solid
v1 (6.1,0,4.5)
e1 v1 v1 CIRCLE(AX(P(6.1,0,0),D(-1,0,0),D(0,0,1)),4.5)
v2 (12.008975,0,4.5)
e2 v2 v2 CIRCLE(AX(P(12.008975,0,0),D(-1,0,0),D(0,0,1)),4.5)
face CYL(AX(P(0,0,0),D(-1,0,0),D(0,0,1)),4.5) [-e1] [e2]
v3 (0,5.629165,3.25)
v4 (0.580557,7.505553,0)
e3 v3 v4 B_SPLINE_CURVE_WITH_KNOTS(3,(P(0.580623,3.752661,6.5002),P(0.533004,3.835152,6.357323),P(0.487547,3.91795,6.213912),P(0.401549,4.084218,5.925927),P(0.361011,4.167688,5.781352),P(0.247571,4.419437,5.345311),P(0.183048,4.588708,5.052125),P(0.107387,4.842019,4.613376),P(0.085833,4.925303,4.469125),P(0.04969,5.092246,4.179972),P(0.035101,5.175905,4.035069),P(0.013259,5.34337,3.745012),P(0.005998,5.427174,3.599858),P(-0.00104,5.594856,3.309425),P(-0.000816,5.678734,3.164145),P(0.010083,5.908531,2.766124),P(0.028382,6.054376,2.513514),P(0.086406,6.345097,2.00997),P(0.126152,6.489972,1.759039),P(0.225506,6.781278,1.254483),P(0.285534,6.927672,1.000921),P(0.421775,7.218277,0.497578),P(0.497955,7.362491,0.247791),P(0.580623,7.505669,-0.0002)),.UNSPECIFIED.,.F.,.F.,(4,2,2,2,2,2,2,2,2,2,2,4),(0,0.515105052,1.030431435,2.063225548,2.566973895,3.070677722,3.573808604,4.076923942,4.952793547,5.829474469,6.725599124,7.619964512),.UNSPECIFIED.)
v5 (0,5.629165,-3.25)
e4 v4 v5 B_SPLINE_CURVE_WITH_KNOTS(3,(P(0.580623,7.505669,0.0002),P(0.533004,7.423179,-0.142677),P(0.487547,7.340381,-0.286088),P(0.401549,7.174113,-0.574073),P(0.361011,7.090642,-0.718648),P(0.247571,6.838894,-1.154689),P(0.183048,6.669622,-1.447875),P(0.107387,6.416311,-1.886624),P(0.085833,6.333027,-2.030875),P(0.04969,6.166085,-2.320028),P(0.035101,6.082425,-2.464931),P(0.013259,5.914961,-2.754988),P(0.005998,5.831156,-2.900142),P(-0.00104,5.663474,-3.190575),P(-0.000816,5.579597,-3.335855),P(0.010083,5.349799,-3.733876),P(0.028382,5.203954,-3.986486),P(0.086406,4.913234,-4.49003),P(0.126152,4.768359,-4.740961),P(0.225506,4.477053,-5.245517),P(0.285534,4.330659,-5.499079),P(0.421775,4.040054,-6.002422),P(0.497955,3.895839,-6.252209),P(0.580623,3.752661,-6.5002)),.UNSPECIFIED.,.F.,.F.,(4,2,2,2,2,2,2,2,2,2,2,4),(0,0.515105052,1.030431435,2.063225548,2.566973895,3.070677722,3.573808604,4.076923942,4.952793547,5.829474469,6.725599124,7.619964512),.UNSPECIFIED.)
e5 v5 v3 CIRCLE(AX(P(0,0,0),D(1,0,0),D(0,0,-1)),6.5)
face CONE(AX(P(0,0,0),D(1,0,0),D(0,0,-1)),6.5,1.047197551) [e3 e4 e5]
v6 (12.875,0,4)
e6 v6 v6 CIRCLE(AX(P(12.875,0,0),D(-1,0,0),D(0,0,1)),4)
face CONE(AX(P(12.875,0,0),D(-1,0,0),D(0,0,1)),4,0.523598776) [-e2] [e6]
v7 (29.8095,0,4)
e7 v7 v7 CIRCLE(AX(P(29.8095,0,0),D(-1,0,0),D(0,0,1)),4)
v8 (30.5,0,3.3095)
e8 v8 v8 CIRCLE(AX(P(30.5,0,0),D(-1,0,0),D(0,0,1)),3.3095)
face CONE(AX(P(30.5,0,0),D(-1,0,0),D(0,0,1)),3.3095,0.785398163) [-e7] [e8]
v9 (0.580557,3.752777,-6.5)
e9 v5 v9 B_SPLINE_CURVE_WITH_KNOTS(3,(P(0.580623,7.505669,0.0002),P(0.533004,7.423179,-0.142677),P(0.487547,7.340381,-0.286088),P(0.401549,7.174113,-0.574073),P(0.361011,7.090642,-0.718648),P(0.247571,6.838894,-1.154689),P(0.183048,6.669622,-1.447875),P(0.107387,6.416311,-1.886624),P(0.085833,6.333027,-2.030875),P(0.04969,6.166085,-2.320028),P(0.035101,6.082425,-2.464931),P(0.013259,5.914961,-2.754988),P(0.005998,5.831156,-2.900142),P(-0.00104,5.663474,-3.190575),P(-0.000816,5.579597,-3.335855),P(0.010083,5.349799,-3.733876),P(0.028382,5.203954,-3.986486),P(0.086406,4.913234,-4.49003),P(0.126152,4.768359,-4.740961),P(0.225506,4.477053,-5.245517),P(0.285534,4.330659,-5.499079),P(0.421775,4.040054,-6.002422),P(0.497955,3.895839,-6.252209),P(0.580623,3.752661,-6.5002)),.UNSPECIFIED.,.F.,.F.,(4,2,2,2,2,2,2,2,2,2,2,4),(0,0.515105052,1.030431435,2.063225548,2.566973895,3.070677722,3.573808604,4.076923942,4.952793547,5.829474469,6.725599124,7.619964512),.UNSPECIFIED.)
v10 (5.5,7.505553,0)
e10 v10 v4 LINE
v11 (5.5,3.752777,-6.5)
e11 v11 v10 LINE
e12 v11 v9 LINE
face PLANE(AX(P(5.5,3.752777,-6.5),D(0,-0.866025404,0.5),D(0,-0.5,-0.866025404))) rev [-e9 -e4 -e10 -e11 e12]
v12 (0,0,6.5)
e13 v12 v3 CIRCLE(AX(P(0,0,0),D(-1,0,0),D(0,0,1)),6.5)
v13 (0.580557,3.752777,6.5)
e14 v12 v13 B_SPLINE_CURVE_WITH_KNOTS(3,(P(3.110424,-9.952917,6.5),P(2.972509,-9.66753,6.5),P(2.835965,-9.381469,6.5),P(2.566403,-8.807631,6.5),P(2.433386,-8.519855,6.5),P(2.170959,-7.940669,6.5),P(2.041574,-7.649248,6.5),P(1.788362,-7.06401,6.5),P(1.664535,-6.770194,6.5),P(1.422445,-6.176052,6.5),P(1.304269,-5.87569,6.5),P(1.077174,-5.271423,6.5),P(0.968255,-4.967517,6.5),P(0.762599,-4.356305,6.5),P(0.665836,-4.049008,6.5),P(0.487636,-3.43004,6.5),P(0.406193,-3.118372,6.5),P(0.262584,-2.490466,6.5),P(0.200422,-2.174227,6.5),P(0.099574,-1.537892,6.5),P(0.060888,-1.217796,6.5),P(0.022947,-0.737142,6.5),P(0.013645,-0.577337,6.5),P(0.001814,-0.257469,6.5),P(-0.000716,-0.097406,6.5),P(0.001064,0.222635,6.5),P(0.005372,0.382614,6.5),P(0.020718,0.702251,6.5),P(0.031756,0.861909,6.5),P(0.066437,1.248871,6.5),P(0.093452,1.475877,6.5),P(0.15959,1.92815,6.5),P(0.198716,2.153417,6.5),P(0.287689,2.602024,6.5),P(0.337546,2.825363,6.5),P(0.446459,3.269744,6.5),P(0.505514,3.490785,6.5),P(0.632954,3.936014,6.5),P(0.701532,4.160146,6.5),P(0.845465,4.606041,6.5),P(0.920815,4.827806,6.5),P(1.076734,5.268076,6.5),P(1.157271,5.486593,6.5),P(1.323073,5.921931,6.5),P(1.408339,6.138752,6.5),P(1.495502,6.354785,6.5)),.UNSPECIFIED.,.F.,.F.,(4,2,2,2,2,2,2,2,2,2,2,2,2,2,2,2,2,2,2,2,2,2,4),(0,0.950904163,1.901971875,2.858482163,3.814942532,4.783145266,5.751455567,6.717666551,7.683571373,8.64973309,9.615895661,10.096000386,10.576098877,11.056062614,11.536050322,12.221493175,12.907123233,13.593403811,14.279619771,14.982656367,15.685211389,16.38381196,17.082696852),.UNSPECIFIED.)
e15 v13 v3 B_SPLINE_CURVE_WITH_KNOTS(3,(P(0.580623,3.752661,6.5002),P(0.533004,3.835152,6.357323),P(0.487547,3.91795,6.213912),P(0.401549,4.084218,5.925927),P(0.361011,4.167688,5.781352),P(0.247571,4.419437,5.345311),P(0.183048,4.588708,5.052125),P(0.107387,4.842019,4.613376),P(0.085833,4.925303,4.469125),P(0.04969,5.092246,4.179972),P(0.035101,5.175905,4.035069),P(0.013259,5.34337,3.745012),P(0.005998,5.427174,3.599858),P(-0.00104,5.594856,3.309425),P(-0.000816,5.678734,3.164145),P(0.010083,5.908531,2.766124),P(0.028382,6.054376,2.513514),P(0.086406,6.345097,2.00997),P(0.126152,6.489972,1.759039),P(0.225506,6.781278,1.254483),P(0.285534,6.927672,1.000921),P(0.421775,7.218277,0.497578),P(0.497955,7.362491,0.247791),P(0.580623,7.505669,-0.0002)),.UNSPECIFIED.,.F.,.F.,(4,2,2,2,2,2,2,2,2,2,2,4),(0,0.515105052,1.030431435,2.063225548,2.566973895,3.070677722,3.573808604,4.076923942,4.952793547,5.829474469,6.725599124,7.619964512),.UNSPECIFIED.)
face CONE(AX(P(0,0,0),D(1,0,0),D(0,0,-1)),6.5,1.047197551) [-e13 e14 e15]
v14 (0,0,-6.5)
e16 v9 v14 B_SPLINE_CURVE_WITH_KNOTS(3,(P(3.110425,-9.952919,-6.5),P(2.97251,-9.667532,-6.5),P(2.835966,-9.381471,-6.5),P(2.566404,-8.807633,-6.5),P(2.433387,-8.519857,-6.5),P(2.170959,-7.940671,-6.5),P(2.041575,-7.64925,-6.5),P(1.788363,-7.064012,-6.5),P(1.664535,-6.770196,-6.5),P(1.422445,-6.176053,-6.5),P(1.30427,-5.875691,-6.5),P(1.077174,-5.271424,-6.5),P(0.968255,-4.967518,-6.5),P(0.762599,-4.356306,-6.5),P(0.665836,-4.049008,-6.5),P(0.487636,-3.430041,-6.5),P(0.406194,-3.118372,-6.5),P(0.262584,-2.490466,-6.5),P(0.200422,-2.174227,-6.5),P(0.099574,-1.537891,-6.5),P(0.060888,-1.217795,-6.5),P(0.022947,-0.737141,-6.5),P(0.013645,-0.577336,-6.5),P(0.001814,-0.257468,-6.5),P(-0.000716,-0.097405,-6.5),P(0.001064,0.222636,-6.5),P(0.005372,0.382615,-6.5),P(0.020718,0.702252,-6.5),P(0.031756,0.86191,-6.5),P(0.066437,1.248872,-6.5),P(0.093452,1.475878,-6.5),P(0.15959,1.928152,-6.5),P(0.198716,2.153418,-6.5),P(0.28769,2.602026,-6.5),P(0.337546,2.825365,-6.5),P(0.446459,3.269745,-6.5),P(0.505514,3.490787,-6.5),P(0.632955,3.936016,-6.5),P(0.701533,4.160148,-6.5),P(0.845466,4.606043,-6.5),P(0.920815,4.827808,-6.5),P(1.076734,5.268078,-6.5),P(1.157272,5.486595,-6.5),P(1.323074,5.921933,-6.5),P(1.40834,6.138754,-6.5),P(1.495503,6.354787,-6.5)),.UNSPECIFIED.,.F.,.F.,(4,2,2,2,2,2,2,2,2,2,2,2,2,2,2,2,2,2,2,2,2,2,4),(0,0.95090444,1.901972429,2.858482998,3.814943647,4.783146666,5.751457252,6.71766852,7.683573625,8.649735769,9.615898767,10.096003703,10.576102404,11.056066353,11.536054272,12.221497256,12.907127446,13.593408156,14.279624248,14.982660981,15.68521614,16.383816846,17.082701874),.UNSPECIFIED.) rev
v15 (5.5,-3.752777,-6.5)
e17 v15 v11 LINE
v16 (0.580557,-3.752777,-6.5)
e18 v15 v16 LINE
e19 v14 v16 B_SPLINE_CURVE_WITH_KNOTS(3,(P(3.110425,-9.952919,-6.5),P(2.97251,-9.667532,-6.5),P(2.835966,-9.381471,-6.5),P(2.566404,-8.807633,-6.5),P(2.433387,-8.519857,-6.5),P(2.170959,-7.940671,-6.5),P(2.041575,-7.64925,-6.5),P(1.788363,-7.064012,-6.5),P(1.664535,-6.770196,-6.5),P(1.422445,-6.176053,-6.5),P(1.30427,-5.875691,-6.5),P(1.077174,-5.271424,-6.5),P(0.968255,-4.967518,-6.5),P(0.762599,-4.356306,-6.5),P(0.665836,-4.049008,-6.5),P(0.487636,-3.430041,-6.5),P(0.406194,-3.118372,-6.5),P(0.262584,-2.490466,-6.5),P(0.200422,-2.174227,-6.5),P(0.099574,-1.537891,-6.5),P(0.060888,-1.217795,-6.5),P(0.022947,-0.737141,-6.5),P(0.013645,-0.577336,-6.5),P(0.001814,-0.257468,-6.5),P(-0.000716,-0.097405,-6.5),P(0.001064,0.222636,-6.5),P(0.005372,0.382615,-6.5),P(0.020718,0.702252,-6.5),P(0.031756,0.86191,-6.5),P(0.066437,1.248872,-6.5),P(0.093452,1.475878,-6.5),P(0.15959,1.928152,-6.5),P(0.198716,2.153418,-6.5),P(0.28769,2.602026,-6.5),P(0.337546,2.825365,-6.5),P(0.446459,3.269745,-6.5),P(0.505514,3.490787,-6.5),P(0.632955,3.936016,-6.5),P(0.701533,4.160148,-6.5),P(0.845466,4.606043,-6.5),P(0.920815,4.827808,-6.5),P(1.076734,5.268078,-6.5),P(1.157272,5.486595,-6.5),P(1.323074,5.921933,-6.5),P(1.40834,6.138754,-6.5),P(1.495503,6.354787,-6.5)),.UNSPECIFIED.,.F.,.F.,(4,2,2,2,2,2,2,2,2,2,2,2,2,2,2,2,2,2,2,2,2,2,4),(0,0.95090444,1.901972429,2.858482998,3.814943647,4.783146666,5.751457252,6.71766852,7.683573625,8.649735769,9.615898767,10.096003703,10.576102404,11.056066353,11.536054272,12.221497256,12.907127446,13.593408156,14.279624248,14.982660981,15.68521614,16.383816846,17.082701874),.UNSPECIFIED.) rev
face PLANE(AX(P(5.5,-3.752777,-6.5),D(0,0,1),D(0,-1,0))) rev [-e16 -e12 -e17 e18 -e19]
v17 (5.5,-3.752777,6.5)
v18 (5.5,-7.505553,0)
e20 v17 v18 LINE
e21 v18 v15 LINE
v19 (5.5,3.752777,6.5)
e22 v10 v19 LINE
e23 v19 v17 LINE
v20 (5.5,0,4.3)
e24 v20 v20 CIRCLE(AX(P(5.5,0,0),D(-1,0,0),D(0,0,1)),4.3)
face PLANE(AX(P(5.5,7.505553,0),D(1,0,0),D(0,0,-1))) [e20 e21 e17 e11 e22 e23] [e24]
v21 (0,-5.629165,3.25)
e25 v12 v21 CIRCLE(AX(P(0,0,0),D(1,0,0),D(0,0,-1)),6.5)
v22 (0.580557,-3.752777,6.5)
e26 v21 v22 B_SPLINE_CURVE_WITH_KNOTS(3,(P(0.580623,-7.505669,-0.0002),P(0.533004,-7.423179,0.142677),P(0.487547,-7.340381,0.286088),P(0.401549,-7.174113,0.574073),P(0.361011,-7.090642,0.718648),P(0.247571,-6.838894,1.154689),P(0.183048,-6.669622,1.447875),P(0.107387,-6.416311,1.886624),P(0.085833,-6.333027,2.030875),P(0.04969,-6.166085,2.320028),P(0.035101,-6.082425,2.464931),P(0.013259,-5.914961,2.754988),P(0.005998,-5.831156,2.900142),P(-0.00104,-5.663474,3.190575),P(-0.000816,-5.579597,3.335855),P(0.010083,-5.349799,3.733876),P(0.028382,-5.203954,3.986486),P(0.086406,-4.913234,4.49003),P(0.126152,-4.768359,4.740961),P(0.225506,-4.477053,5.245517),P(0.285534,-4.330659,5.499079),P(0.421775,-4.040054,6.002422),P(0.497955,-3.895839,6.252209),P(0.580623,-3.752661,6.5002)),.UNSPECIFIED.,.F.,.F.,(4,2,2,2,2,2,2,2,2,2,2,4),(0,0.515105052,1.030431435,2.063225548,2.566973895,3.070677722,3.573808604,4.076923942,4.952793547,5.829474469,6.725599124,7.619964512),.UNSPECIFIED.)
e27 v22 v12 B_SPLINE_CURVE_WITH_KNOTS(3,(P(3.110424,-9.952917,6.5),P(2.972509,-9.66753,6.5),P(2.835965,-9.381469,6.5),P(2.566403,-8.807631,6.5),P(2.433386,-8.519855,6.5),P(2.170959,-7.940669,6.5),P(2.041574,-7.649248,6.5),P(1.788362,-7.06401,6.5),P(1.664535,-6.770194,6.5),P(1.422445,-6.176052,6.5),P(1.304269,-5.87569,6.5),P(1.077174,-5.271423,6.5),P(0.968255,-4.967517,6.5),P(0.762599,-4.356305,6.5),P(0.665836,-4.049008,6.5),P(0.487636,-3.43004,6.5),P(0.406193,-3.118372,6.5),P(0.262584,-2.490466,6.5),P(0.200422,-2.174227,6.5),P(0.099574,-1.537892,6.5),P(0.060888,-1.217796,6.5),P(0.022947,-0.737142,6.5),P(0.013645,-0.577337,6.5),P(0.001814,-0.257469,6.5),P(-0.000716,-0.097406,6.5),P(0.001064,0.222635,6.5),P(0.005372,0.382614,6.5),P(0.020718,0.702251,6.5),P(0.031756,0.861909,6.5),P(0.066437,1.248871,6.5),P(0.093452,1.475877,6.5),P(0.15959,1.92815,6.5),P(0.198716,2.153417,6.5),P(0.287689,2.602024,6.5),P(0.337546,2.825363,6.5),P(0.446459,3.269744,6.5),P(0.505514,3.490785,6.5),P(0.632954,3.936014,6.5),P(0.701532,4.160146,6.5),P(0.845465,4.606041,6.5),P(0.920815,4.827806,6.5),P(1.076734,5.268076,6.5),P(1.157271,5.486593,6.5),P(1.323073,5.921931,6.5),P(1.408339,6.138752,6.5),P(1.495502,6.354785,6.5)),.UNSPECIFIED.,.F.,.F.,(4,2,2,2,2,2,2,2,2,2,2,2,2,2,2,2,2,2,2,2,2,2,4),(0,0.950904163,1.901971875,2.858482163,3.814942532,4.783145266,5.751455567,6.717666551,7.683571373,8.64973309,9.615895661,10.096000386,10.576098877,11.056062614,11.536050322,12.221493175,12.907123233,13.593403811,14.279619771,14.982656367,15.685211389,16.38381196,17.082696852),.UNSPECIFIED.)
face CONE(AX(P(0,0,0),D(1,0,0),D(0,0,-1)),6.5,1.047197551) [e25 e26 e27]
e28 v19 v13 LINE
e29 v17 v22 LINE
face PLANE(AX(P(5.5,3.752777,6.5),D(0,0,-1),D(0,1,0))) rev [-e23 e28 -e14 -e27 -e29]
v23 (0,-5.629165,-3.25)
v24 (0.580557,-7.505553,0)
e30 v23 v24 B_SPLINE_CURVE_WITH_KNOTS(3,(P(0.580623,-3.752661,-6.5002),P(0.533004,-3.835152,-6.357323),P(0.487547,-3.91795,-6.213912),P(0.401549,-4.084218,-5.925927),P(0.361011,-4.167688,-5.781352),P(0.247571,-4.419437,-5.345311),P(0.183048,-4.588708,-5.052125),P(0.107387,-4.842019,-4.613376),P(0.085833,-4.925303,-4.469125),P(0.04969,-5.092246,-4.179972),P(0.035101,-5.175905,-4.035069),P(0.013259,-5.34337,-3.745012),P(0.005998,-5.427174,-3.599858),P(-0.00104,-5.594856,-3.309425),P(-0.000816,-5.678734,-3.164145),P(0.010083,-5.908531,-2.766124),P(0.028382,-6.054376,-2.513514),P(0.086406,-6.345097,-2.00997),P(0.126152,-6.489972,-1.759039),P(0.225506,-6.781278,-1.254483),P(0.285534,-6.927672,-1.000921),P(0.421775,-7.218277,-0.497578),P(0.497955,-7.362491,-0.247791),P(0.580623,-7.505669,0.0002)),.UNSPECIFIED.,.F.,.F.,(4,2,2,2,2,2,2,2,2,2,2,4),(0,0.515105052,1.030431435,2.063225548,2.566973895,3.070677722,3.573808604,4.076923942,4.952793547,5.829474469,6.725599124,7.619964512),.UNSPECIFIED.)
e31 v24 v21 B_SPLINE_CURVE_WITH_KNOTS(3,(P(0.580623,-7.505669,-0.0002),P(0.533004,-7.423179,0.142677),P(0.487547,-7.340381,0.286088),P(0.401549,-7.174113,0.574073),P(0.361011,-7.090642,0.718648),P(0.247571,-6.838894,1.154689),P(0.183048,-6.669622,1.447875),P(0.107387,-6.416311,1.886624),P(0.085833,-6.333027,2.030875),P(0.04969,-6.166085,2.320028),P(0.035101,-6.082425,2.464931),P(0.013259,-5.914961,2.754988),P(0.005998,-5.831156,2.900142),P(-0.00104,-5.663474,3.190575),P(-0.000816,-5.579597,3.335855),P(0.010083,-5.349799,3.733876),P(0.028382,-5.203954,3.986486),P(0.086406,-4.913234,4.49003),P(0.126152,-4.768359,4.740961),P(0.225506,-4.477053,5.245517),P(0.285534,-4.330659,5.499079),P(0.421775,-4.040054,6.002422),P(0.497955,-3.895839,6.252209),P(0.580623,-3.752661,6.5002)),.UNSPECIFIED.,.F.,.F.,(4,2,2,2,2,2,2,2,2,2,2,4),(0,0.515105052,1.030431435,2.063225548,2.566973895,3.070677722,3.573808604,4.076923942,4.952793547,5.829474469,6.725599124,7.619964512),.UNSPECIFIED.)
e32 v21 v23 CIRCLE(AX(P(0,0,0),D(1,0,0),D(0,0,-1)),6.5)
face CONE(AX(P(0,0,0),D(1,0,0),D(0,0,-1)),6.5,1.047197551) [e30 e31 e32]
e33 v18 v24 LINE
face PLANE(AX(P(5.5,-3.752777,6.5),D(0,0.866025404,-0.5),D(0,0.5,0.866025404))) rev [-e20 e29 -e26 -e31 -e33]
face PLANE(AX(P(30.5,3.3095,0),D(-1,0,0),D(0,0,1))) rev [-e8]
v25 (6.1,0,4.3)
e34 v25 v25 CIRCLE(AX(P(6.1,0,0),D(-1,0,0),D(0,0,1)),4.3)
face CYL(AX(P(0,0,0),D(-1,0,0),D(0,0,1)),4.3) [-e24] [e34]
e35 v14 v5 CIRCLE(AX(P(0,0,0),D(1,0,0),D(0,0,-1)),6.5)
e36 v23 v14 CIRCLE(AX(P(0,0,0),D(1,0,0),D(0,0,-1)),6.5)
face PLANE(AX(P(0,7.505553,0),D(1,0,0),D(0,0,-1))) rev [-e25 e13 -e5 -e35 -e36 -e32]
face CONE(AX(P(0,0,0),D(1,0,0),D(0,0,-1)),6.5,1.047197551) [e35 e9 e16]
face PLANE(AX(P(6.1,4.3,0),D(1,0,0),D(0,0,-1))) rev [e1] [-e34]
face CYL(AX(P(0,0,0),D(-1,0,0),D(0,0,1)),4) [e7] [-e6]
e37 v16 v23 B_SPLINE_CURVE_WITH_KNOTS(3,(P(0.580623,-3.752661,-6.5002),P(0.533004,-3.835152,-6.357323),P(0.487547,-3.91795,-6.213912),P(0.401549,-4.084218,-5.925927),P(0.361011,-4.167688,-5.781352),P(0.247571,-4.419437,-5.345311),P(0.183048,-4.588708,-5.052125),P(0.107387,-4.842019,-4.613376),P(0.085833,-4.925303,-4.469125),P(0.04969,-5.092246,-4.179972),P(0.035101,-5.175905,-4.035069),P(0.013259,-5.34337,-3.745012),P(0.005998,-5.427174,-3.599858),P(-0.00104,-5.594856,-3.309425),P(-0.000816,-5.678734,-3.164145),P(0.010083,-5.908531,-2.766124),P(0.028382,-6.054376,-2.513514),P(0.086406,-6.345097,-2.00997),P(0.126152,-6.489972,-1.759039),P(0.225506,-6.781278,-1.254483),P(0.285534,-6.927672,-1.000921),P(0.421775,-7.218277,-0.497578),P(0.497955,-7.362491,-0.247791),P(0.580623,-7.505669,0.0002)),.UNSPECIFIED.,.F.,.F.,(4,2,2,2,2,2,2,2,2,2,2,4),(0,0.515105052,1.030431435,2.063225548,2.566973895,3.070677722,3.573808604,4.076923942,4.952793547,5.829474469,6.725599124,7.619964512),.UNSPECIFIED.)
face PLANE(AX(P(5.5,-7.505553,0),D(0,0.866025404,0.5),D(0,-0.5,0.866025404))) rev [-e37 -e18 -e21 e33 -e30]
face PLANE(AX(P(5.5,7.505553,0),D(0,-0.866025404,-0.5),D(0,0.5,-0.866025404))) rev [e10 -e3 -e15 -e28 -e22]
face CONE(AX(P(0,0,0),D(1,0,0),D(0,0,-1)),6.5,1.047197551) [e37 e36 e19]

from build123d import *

# Parameters (mm, degrees)
BASEHEAD_DEPTH = 5.5


with BuildPart() as part:
    # BaseHeadSke → BaseHead (new body)
    with BuildSketch(Plane(origin=(0, 0, 0), x_dir=(0, 0, -1), z_dir=(1, 0, 0))):
        Polygon((0, 7.505553499), (-6.5, 3.75277675), (-6.5, -3.75277675), (0, -7.505553499), (6.5, -3.75277675), (6.5, 3.75277675), align=None)
    extrude(amount=BASEHEAD_DEPTH)

    # HeadChamferSke → HeadChamfer (revolve, cut)
    with BuildSketch(Plane.XY):
        Polygon((0, 7.505553499), (0, 6.5), (0.580556584, 7.505553499), align=None)
    revolve(axis=Axis((0, 0, 0), (1, 0, 0)), mode=Mode.SUBTRACT)

    # BodySke → BaseBody (revolve)
    with BuildSketch(Plane.XY, mode=Mode.PRIVATE) as basebody_sk:
        Polygon((5.5, 4.3), (6.1, 4.3), (6.1, 4.5), (12.008974596, 4.5), (12.875, 4), (29.8095, 4), (30.5, 3.3095), (30.5, 0), (5.5, 0), align=None)
    revolve(basebody_sk.sketch.rotate(Axis((0, 0, 0), (1, 0, 0)), 90), axis=Axis((0, 0, 0), (1, 0, 0)))


solid = part.part
